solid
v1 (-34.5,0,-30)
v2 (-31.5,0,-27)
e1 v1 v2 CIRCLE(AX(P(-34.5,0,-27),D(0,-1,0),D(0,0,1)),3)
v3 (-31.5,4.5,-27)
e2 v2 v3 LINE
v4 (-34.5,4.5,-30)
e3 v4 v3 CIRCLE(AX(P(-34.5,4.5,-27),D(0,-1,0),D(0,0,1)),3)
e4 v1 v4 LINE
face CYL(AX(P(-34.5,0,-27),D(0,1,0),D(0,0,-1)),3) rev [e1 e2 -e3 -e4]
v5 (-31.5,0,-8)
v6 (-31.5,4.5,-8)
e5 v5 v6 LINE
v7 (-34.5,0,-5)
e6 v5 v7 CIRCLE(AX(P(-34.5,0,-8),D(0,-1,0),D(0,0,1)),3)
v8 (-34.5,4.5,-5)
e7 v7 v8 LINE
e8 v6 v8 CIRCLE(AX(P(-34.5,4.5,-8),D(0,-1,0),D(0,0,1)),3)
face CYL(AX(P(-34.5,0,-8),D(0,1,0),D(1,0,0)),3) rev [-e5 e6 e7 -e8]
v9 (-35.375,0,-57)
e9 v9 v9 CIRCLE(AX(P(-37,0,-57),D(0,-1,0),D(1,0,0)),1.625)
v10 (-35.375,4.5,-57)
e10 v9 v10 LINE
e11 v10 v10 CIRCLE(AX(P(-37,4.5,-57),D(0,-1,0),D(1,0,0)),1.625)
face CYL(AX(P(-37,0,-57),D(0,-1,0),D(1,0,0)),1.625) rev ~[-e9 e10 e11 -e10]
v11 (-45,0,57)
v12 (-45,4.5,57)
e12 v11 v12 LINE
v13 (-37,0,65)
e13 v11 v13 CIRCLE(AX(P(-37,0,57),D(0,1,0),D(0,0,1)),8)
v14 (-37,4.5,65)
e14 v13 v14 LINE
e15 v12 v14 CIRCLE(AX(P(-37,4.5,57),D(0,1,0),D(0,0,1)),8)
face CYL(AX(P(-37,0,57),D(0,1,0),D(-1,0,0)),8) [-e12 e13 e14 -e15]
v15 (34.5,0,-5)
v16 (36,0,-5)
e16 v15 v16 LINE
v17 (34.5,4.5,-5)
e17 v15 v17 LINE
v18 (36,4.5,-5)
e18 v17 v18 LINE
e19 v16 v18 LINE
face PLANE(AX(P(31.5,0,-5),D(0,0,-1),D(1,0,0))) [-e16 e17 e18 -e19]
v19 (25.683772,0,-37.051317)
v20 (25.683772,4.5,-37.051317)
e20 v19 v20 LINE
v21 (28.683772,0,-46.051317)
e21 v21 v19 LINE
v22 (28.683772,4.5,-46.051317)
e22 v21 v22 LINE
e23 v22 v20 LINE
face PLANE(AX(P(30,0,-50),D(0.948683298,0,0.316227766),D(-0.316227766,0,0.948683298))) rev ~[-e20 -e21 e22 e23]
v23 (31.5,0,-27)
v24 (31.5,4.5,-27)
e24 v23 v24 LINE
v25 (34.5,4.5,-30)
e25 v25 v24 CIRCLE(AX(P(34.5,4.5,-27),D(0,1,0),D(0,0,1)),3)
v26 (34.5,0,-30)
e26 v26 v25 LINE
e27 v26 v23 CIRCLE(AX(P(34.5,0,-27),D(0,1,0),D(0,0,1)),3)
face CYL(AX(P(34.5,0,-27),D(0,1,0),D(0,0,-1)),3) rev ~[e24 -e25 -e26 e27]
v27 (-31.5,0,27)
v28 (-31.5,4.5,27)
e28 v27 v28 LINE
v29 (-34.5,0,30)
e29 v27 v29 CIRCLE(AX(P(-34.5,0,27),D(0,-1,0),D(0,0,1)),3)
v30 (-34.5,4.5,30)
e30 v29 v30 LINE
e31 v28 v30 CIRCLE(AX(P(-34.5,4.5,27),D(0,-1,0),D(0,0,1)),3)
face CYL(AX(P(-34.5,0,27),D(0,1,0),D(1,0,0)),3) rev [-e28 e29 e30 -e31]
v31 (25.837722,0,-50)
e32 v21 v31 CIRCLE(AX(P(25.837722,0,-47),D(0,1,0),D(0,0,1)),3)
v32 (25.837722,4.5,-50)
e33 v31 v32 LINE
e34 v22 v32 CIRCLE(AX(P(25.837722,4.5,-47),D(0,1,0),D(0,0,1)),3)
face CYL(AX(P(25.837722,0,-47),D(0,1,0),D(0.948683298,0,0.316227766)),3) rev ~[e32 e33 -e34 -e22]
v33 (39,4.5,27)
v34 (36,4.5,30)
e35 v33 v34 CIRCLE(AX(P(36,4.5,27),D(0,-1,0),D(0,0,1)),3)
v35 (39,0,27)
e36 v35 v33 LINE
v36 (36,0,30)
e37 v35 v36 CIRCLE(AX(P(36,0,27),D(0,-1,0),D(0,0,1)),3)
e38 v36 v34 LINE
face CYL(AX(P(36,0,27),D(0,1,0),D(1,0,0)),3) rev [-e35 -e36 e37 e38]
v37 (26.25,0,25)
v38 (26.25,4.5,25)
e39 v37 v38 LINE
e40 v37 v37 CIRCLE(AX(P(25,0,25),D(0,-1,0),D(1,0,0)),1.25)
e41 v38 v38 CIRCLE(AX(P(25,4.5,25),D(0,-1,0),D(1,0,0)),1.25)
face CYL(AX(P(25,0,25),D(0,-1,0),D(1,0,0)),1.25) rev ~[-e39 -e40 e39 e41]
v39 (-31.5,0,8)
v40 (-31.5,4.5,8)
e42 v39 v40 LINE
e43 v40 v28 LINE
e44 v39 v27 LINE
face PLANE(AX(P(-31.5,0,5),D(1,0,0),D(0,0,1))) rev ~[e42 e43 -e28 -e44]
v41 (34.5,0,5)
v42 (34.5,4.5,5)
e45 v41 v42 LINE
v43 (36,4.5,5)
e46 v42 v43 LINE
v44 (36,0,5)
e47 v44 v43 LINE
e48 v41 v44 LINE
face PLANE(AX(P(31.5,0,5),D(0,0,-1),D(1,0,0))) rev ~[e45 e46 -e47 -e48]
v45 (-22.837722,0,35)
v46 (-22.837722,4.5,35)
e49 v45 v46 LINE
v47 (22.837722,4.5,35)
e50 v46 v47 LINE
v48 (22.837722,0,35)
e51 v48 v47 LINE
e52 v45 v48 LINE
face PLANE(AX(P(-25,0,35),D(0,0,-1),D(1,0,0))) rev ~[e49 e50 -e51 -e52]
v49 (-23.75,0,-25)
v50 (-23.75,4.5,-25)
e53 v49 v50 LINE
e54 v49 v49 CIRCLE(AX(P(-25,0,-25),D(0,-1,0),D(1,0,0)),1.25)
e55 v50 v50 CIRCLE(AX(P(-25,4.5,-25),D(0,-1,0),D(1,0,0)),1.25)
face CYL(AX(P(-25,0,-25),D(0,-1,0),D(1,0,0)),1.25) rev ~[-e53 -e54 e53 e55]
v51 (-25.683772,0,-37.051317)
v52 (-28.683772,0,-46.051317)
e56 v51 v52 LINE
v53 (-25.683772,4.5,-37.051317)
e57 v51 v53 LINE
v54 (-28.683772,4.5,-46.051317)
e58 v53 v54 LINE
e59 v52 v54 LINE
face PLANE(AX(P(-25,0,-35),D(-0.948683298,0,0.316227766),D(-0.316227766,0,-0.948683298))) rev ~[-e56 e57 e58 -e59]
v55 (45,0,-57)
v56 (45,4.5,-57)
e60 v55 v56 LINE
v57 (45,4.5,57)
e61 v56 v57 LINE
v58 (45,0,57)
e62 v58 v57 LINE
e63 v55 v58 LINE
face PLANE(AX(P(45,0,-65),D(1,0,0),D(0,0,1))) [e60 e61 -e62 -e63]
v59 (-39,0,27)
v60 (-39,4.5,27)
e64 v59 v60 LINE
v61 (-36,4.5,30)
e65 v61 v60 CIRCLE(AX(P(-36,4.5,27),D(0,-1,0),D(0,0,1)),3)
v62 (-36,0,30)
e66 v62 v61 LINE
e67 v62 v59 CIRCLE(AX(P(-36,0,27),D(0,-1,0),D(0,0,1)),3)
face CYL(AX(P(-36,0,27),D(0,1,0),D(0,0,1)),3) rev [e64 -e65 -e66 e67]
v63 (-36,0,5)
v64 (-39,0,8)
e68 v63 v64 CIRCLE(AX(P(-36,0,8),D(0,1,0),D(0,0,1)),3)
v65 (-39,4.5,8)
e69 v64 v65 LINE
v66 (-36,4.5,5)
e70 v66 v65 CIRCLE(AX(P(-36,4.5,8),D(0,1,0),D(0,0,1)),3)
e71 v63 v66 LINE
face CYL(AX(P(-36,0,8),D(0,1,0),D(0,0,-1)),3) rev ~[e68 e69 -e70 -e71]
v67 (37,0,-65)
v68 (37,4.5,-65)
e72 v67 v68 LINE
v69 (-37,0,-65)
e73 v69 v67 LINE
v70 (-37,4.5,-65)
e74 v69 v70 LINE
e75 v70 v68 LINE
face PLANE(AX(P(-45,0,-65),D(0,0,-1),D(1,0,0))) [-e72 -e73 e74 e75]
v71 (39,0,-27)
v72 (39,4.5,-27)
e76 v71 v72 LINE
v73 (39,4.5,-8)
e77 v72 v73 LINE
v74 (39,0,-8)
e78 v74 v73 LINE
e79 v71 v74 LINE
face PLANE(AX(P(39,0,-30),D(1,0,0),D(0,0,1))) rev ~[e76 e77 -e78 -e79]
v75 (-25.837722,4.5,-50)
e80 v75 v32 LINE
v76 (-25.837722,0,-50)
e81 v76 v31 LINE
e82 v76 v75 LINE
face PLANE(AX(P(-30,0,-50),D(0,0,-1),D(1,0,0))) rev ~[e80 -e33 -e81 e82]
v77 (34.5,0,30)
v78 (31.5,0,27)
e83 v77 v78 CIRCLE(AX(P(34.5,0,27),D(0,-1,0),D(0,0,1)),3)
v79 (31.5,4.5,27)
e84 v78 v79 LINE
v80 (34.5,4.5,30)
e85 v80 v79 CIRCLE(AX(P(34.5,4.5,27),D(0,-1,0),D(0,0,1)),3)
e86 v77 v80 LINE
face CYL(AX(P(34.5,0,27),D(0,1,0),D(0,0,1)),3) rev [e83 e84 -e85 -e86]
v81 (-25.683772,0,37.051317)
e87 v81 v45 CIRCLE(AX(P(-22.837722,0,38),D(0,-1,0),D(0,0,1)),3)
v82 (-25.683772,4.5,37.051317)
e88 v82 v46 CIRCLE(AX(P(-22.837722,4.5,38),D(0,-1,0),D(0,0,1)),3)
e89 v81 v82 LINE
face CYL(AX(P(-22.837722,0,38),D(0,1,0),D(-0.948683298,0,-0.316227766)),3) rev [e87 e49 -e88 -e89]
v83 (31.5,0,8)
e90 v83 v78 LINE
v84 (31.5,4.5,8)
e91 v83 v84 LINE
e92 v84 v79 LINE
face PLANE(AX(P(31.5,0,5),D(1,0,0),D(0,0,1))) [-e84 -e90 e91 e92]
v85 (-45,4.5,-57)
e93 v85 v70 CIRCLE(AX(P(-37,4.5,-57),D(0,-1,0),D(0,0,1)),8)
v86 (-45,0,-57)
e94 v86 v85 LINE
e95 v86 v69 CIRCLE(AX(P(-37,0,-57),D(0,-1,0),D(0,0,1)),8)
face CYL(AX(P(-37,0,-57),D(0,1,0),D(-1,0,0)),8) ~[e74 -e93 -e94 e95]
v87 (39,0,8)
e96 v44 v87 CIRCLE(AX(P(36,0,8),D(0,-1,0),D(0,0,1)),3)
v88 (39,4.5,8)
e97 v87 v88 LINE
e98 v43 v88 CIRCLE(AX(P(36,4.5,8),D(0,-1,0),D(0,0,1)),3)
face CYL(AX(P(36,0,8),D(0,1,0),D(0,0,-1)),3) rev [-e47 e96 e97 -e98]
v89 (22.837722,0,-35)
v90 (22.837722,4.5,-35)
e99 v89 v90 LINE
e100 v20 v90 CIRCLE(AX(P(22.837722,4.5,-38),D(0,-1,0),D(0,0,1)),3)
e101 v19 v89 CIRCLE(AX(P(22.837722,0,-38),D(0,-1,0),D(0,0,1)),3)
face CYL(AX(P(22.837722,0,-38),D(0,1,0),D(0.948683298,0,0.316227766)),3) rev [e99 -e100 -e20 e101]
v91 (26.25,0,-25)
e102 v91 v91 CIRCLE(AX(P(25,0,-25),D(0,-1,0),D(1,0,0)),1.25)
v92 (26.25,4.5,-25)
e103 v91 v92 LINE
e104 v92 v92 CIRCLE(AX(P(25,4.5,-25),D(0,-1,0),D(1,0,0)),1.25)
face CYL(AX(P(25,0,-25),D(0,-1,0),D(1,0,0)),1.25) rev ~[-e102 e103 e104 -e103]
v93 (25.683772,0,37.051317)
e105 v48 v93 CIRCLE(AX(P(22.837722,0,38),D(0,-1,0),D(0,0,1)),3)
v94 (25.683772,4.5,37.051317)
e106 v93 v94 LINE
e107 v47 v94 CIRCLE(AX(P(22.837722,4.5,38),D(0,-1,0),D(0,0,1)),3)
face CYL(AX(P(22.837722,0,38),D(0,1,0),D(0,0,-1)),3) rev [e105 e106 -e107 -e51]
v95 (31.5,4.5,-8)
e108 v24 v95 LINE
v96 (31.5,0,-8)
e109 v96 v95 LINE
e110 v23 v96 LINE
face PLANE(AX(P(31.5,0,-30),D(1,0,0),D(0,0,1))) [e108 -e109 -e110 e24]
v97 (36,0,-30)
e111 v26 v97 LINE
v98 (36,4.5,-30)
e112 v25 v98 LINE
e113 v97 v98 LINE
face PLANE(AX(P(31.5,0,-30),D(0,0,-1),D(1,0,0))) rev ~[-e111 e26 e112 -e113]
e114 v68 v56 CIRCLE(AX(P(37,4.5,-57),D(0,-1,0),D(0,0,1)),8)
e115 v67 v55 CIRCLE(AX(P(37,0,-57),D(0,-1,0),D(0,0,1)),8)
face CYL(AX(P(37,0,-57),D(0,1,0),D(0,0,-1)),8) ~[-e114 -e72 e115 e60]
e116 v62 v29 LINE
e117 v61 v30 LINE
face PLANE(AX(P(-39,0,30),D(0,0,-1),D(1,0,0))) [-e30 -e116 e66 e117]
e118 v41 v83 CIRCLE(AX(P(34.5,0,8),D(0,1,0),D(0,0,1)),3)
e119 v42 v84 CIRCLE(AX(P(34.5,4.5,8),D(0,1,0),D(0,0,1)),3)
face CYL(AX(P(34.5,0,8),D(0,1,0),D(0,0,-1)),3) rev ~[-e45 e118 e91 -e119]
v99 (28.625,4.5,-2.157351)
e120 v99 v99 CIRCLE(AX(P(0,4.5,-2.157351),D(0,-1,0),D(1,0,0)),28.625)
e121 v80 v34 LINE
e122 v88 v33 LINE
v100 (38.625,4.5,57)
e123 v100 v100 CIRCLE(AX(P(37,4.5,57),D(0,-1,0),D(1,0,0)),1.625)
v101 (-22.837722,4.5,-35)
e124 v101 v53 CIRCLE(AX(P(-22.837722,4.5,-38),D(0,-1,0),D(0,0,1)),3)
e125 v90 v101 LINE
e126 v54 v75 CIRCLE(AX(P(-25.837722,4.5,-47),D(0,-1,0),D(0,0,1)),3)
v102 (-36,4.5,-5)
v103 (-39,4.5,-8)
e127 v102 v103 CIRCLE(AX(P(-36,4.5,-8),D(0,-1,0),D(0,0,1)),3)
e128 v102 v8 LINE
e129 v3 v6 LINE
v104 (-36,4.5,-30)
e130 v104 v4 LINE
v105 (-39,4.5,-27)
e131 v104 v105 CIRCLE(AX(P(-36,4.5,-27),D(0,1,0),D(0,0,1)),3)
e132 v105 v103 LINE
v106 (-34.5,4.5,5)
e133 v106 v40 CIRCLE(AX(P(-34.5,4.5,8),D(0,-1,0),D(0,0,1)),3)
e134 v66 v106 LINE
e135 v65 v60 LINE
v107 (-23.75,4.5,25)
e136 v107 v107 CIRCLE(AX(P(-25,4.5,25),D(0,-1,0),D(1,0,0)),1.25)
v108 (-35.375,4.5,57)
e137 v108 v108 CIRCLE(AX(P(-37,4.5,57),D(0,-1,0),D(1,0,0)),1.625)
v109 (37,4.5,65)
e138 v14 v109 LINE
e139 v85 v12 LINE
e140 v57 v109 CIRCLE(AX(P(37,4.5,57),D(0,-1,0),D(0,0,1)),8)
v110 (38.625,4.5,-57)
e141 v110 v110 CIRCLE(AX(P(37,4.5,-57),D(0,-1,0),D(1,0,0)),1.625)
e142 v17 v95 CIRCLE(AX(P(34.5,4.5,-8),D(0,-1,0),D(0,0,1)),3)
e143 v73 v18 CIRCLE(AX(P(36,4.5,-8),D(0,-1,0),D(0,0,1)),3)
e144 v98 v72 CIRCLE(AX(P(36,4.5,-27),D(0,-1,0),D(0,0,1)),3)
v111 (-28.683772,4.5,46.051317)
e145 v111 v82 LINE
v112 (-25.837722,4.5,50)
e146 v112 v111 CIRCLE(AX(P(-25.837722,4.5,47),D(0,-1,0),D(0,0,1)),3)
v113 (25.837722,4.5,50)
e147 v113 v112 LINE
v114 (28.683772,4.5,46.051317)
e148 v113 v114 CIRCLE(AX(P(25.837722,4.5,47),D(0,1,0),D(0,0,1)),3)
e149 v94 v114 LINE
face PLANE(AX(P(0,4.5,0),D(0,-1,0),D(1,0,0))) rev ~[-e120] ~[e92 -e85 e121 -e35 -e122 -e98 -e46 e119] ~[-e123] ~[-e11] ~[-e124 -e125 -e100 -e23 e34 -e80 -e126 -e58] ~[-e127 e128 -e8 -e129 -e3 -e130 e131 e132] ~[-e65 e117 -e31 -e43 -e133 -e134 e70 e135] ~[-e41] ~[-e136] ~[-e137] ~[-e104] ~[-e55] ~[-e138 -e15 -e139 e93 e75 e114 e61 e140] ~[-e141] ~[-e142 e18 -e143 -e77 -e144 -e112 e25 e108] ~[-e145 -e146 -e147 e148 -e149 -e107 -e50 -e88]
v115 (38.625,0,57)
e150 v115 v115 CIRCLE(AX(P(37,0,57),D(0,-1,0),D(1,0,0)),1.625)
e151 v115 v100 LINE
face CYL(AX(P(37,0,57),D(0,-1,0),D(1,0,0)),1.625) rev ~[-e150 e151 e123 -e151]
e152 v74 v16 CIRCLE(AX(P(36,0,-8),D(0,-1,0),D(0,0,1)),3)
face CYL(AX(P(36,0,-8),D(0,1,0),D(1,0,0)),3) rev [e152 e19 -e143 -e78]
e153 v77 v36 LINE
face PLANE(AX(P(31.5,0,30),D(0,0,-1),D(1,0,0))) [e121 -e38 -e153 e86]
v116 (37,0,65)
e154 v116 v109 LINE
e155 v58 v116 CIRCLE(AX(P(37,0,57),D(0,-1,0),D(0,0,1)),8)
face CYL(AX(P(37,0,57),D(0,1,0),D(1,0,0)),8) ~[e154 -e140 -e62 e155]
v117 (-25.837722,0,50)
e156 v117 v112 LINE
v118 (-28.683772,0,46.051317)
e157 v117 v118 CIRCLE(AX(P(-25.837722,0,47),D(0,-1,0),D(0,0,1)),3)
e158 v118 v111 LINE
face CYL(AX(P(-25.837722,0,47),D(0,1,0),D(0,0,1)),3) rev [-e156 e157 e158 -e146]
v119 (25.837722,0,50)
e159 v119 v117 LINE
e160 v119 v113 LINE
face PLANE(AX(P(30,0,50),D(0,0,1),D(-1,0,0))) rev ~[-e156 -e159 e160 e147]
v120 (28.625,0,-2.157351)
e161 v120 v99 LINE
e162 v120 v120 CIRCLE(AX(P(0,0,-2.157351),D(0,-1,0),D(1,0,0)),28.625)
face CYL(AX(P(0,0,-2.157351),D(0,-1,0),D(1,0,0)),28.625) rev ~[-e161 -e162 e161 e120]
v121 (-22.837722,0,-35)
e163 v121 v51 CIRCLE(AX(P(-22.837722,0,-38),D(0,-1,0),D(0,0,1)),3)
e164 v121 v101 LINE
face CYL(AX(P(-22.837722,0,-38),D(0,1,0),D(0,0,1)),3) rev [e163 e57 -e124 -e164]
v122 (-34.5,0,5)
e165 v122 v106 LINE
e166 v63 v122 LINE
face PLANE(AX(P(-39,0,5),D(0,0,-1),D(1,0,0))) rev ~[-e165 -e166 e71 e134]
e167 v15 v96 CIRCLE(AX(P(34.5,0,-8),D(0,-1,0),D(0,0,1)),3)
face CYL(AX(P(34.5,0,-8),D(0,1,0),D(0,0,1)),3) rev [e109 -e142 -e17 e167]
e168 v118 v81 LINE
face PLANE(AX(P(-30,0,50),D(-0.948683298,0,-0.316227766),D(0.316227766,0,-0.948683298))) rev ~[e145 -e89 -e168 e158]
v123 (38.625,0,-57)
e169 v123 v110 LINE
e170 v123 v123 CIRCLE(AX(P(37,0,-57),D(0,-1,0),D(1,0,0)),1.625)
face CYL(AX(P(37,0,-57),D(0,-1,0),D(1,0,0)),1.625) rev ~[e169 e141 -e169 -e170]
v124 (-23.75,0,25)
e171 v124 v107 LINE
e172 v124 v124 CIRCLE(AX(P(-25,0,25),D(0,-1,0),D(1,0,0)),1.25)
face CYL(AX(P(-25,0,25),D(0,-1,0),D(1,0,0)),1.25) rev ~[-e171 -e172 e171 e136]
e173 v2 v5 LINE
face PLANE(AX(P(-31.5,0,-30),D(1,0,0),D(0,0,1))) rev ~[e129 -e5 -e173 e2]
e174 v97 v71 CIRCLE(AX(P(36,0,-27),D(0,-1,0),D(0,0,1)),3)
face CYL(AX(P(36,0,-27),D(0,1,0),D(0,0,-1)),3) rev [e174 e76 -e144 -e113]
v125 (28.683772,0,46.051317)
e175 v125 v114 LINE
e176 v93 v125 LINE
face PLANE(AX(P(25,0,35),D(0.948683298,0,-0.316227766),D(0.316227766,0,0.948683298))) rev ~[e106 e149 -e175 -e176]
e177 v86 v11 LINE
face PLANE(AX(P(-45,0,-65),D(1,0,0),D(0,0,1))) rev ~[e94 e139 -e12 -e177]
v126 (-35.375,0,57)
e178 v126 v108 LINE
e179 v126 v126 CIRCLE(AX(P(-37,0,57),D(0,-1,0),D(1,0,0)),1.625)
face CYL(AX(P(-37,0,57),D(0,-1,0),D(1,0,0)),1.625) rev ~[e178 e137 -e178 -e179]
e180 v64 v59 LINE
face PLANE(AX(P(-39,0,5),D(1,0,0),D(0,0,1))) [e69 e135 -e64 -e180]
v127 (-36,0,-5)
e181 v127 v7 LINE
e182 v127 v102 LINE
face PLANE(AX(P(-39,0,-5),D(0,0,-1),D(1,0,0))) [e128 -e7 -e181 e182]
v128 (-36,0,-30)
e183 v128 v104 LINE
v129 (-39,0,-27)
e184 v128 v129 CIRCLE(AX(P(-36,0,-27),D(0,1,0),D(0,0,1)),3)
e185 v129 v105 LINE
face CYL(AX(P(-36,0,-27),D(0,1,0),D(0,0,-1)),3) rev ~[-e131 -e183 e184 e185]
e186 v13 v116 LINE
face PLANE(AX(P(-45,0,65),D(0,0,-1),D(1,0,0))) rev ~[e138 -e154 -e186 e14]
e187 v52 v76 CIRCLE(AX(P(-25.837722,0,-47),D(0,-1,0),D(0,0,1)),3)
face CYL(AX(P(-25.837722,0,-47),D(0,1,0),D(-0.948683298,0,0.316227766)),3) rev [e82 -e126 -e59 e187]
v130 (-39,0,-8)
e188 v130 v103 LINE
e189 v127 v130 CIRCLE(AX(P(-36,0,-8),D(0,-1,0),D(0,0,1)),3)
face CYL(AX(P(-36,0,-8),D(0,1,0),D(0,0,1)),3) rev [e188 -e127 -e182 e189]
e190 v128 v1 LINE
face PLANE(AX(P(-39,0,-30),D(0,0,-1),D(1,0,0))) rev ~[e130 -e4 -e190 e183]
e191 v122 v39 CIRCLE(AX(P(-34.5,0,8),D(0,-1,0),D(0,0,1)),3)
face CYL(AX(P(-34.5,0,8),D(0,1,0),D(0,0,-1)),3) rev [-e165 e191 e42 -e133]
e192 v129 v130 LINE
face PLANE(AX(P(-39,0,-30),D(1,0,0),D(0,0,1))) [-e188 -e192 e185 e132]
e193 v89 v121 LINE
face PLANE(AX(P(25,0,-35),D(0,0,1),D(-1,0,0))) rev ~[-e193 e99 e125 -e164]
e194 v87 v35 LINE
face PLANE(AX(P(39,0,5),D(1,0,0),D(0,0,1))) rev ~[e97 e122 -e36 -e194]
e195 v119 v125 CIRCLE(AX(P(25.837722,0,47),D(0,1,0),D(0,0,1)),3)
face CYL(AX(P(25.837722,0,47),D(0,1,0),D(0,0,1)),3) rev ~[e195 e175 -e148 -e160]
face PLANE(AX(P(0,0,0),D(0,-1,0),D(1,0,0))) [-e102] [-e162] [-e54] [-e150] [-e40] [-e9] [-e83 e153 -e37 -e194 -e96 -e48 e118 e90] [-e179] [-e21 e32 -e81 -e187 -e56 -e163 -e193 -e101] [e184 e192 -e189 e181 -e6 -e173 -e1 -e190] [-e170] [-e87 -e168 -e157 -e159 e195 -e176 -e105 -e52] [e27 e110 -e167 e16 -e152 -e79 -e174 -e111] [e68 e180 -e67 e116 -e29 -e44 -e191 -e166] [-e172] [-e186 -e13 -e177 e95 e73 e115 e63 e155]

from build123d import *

# Parameters (mm, degrees)
F0_W      = 90
F0_H      = 130
F1_DEPTH  = 4.5
F2_R      = 8
F3_R      = 28.625
F4_DEPTH  = 4.501
F5_R      = 1.625
F6_DEPTH  = 4.501
F7_R      = 1.25
F8_DEPTH  = 4.501
F9_W      = 7.5
F9_H      = 25
F10_DEPTH = 4.501
F11_R     = 3


with BuildPart() as f1:
    # F0 (on Front) → F1 (new body)
    with BuildSketch(Plane.XZ):
        Rectangle(F0_W, F0_H)
    extrude(amount=-F1_DEPTH)

    # F2
    f2_edges = [f1.edges().sort_by_distance(p)[0] for p in [
        (45, 2.25, 65),
        (45, 2.25, -65),
        (-45, 2.25, -65),
        (-45, 2.25, 65),
    ]]
    fillet(f2_edges, radius=F2_R)

    # F3 (on Front) → F4 (cut, through all)
    with BuildSketch(Plane.XZ):
        with Locations((0, -2.157351)):
            Circle(F3_R)
    extrude(amount=-F4_DEPTH, mode=Mode.SUBTRACT)

    # F5 (on Front) → F6 (cut, through all)
    with BuildSketch(Plane.XZ):
        with Locations((-37, 57)):
            Circle(F5_R)
        with Locations((37, 57)):
            Circle(F5_R)
        with Locations((-37, -57)):
            Circle(F5_R)
        with Locations((37, -57)):
            Circle(F5_R)
    extrude(amount=-F6_DEPTH, mode=Mode.SUBTRACT)

    # F7 (on Front) → F8 (cut, through all)
    with BuildSketch(Plane.XZ):
        with Locations((-25, 25)):
            Circle(F7_R)
        with Locations((25, 25)):
            Circle(F7_R)
        with Locations((-25, -25)):
            Circle(F7_R)
        with Locations((25, -25)):
            Circle(F7_R)
    extrude(amount=-F8_DEPTH, mode=Mode.SUBTRACT)

    # F9 (on Front) → F10 (cut, through all)
    with BuildSketch(Plane.XZ):
        Polygon((30, 50), (-30, 50), (-25, 35), (25, 35), align=None)
        with Locations((35.25, 17.5)):
            Rectangle(F9_W, F9_H)
        with Locations((35.25, -17.5)):
            Rectangle(F9_W, F9_H)
        Polygon((30, -50), (25, -35), (-25, -35), (-30, -50), align=None)
        with Locations((-35.25, -17.5)):
            Rectangle(F9_W, F9_H)
        with Locations((-35.25, 17.5)):
            Rectangle(F9_W, F9_H)
    extrude(amount=-F10_DEPTH, mode=Mode.SUBTRACT)

    # F11
    f11_edges = [f1.edges().sort_by_distance(p)[0] for p in [
        (-39, 2.25, 5),
        (-39, 2.25, -30),
        (-30, 2.25, -50),
        (-25, 2.25, 35),
        (31.5, 2.25, 5),
        (31.5, 2.25, -30),
        (39, 2.25, -30),
        (39, 2.25, 5),
        (25, 2.25, 35),
        (30, 2.25, -50),
        (39, 2.25, 30),
        (39, 2.25, -5),
        (25, 2.25, -35),
        (31.5, 2.25, -5),
        (31.5, 2.25, 30),
        (-30, 2.25, 50),
        (30, 2.25, 50),
        (-25, 2.25, -35),
        (-39, 2.25, -5),
        (-39, 2.25, 30),
        (-31.5, 2.25, 30),
        (-31.5, 2.25, -5),
        (-31.5, 2.25, -30),
        (-31.5, 2.25, 5),
    ]]
    fillet(f11_edges, radius=F11_R)


solid = f1.part
